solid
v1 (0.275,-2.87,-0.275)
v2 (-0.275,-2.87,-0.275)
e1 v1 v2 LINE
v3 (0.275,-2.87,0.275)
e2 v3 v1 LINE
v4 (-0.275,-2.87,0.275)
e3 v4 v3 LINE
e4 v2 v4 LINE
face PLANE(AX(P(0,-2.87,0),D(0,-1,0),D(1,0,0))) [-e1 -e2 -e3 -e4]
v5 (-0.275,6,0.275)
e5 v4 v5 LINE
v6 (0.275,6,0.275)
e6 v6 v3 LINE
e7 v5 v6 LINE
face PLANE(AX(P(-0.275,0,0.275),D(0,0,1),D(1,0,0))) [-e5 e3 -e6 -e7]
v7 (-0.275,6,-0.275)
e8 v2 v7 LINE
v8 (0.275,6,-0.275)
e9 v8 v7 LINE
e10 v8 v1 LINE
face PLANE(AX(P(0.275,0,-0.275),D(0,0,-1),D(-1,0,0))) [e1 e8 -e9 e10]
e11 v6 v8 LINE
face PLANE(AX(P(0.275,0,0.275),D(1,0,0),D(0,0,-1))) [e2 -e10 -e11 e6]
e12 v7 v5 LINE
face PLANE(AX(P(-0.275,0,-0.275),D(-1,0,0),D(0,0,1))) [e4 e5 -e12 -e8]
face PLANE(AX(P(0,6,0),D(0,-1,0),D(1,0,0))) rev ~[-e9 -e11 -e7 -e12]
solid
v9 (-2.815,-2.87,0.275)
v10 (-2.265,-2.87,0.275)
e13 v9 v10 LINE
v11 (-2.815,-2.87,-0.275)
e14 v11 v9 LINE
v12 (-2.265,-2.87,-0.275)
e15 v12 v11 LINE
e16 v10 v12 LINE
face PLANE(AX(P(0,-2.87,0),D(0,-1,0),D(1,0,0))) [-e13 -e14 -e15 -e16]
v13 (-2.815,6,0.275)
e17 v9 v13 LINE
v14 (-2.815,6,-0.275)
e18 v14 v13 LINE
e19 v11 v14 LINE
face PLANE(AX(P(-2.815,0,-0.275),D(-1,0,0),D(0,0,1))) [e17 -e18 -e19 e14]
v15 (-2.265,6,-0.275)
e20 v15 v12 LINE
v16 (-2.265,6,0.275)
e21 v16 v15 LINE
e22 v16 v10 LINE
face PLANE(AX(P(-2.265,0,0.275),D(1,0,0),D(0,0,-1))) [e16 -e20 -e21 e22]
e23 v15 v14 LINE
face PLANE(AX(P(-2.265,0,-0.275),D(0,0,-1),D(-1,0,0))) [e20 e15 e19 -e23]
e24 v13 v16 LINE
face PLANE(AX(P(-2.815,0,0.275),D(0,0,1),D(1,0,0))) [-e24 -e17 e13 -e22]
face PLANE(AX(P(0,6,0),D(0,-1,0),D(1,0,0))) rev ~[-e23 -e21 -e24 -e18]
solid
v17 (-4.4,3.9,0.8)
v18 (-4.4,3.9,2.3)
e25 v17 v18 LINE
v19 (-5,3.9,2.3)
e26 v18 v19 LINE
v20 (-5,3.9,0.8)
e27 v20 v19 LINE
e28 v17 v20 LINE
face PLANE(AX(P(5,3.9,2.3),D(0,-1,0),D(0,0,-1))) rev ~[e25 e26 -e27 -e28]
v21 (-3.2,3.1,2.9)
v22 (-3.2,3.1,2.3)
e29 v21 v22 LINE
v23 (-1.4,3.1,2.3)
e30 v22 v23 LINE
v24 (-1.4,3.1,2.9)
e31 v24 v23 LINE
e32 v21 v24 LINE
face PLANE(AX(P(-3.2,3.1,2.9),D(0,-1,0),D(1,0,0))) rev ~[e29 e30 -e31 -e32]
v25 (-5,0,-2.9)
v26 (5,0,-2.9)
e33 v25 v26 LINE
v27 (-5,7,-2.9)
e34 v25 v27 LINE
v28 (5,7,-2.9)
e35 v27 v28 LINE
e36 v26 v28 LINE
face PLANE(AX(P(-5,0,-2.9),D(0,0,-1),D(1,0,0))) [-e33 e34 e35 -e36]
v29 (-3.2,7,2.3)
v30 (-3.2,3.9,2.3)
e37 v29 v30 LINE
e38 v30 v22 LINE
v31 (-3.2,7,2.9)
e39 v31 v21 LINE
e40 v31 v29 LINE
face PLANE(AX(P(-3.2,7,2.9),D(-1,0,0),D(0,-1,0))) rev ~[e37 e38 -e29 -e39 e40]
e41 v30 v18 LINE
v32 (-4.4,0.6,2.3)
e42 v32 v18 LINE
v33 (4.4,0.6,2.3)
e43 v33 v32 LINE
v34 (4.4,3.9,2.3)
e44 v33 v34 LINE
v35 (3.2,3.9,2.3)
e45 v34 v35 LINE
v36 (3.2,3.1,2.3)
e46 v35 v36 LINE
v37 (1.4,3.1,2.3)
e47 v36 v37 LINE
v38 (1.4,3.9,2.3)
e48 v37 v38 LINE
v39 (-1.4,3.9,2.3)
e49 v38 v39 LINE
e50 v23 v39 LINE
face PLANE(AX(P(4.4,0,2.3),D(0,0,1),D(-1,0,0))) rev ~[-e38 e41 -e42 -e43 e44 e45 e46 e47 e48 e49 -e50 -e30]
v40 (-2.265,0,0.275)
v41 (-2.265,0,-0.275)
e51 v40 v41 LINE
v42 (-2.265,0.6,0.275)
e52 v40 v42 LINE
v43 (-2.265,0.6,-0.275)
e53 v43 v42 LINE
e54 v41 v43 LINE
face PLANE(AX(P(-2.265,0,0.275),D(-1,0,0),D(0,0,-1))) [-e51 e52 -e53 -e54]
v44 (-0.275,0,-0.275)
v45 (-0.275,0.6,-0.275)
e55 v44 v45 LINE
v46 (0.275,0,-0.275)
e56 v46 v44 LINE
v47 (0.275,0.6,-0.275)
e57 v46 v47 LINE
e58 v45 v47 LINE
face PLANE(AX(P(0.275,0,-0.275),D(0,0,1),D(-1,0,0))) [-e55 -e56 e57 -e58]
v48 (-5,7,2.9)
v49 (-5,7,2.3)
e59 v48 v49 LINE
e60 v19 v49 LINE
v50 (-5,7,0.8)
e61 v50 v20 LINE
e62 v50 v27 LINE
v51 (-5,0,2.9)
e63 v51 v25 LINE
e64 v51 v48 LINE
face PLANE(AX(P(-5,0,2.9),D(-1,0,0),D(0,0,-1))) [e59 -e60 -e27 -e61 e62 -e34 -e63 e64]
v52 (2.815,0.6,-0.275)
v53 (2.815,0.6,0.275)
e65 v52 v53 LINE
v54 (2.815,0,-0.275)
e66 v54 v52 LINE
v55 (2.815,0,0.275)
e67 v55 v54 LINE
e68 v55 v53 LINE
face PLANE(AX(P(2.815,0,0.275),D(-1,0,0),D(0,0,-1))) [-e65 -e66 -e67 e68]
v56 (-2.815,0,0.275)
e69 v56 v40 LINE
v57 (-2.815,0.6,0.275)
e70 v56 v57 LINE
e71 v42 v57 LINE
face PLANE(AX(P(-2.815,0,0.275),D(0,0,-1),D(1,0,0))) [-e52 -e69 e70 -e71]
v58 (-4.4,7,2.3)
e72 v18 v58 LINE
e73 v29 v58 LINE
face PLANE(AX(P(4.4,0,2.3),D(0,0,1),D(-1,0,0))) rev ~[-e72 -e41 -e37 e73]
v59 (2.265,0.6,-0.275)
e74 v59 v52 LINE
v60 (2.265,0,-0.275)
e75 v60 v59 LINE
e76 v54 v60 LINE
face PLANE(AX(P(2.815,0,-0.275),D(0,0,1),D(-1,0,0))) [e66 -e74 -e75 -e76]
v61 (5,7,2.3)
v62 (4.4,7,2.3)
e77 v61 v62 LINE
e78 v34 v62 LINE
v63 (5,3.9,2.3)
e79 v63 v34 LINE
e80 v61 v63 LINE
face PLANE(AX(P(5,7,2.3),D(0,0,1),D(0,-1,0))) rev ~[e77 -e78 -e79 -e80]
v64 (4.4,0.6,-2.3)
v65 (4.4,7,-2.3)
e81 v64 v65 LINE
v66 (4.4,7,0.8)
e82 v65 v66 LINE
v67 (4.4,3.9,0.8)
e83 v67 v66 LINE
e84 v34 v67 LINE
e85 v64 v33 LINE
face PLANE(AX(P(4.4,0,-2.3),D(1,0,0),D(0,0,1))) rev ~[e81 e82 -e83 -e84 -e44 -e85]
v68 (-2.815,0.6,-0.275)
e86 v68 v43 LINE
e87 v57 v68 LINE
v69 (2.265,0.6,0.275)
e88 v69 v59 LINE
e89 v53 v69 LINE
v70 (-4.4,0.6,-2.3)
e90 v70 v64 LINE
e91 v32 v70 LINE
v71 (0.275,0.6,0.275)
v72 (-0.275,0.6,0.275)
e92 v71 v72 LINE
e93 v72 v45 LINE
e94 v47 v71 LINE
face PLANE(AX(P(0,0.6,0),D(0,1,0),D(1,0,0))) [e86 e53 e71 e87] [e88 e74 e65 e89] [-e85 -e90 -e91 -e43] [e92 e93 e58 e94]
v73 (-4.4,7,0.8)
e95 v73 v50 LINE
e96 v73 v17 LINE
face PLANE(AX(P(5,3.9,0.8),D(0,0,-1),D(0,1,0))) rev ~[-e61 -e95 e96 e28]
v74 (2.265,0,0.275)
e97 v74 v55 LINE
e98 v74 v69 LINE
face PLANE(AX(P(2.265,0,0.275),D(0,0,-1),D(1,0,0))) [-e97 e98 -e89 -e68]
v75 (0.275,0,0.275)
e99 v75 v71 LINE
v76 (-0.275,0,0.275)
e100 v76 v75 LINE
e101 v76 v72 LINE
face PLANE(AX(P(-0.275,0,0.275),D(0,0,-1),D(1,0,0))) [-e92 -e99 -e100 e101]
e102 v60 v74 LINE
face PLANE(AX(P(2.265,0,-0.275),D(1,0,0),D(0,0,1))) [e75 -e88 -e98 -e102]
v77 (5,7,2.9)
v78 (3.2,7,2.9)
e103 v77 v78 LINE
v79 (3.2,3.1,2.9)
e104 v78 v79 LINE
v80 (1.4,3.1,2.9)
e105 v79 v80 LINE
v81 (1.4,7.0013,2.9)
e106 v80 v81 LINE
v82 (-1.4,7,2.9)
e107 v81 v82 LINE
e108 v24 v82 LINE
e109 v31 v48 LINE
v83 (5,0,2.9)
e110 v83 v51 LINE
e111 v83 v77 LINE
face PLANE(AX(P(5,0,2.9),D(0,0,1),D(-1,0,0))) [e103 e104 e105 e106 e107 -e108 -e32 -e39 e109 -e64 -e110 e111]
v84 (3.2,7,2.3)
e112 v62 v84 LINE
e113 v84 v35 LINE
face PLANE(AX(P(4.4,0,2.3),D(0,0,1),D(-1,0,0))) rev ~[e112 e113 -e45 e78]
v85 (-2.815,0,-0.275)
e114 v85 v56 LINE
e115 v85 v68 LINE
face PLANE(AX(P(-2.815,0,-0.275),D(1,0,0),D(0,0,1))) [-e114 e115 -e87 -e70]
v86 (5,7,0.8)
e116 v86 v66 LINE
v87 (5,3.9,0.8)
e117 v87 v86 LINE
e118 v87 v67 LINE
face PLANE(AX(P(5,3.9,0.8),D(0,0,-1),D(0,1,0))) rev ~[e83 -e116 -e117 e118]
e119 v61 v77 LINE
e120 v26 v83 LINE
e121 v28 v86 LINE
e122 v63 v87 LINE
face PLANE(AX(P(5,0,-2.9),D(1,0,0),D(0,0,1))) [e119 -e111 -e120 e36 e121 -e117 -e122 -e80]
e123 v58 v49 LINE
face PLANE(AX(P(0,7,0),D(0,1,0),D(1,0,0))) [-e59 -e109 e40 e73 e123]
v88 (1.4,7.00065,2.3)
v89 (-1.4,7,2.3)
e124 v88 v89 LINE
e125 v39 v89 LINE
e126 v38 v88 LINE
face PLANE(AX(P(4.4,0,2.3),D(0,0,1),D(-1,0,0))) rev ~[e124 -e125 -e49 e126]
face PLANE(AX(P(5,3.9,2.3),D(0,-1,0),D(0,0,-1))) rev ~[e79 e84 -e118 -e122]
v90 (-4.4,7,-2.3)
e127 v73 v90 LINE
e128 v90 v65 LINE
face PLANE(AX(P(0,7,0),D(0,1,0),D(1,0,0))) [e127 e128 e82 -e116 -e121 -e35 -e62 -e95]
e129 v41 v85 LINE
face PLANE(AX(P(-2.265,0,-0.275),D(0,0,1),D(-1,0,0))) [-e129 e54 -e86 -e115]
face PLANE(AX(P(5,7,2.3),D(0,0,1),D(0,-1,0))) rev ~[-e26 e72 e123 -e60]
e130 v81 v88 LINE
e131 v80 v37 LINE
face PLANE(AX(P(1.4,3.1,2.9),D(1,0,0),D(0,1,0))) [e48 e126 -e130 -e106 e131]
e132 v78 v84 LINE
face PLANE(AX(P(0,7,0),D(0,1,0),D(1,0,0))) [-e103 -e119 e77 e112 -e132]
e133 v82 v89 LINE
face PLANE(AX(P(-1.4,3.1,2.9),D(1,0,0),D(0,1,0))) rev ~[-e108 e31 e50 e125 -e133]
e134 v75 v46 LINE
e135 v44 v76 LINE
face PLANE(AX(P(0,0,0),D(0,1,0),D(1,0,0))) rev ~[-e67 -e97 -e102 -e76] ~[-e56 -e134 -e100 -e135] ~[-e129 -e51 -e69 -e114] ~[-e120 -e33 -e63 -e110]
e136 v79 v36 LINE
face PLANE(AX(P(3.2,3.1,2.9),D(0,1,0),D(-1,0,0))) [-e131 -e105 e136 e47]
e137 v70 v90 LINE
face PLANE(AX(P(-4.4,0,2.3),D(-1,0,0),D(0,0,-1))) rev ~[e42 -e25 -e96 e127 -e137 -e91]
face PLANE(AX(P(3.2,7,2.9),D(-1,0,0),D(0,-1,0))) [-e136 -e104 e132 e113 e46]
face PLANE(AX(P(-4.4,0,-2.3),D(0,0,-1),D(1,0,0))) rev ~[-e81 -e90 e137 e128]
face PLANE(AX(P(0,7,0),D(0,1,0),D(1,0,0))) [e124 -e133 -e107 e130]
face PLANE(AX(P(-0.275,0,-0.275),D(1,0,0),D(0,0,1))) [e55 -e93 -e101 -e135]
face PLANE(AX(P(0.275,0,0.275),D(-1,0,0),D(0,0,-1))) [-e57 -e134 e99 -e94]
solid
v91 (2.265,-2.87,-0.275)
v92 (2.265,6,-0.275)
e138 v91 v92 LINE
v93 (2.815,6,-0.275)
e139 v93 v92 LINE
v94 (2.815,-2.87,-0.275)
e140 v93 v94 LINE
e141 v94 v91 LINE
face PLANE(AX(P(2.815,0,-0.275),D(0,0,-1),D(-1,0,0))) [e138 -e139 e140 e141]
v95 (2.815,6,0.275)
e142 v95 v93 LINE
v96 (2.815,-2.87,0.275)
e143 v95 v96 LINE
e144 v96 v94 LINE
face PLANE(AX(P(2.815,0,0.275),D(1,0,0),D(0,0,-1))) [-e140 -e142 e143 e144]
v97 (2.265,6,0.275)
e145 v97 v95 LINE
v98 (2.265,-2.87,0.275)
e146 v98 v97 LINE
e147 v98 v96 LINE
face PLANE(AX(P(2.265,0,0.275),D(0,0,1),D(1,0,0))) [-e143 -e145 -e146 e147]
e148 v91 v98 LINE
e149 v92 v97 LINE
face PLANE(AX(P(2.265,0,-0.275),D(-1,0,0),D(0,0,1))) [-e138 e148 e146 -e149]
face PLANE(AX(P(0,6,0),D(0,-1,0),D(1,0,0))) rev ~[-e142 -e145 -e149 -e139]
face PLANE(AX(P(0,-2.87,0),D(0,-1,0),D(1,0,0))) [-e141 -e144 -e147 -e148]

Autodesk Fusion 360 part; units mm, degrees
sketch "Sketch1" plane through (0, 0, 0) normal (0, 1, 0) x (1, 0, 0)
  line L0 (5, -2.9) -> (-5, -2.9)
  line L1 (-5, -2.9) -> (-5, 2.9)
  line L2 (-5, 2.9) -> (5, 2.9)
  line L3 (5, 2.9) -> (5, -2.9)
  line L4 (5, -2.9) -> (-5, 2.9) construction
  line L5 (-5, -2.9) -> (5, 2.9) construction
  line L6 (4.4, -2.3) -> (-4.4, -2.3)
  line L7 (-4.4, -2.3) -> (-4.4, 2.3)
  line L8 (-4.4, 2.3) -> (4.4, 2.3)
  line L9 (4.4, 2.3) -> (4.4, -2.3)
  dimension "d1" = 10
  dimension "d2" = 5.8
  dimension "d3" = 0.6
extrude "Extrude1" add sketch "Sketch1" along normal blind 0.6 contours L6 L7 L8 L9 makes body 1
extrude "Extrude2" add sketch "Sketch1" along normal blind 7 bodies 1
sketch "Sketch2" plane through (0, 0, 2.9) normal (0, 0, 1) x (1, 0, 0)
  line L0 (-5, 0) -> (5, 0)
  line L1 (5, 0) -> (5, 7)
  line L2 (5, 7) -> (-5, 7)
  line L3 (-5, 7) -> (-5, 0)
  line L4 (5, 7) -> (3.2, 7) construction
  line L5 (-5, 7) -> (-3.2, 7) construction
  line L6 (-3.2, 7) -> (-3.2, 3.1)
  line L7 (-3.2, 3.1) -> (-1.4, 3.1)
  line L8 (-1.4, 3.1) -> (-1.4, 7)
  line L9 (-1.4, 3.1) -> (5, 3.1) construction
  line L10 (3.2, 7) -> (3.2, 3.1)
  line L11 (3.2, 3.1) -> (1.4, 3.1)
  line L12 (1.4, 3.1) -> (1.4, 7.0013)
  dimension "d8" = 1.8
  dimension "d9" = 1.8
  dimension "d10" = 3.9
  dimension "d11" = 1.8
  dimension "d12" = 90
  dimension "d13" = 1.8
  dimension "d14" = 90
extrude "Extrude3" cut sketch "Sketch2" against normal blind 1 contours L2 L6 L7 L8 | L2 L10 L11 L12 bodies 1
sketch "Sketch3" plane through (5, 0, 0) normal (1, 0, 0) x (0, 0, -1)
  line L0 (-2.9, 0) -> (2.9, 0)
  line L1 (2.9, 0) -> (2.9, 7)
  line L2 (2.9, 7) -> (-2.9, 7)
  line L3 (-2.9, 7) -> (-2.9, 0)
  line L4 (-2.3, 7) -> (-2.3, 3.9)
  line L5 (-2.3, 3.9) -> (-0.8, 3.9)
  line L6 (-0.8, 3.9) -> (-0.8, 7)
  point P0 (-2.3, 7)
  dimension "d17" = 3.1
  dimension "d18" = 1.5
  dimension "d19" = 90
extrude "Extrude4" cut sketch "Sketch3" against normal blind 13.5 contours L2 L4 L5 L6 bodies 1
sketch "Sketch4" plane through (0, 0, 0) normal (0, -1, 0) x (1, 0, 0)
  line L0 (-5, -2.9) -> (5, -2.9)
  line L1 (5, -2.9) -> (5, 2.9)
  line L2 (5, 2.9) -> (-5, 2.9)
  line L3 (-5, 2.9) -> (-5, -2.9)
  line L4 (0.275, -0.275) -> (-0.275, -0.275)
  line L5 (-0.275, -0.275) -> (-0.275, 0.275)
  line L6 (-0.275, 0.275) -> (0.275, 0.275)
  line L7 (0.275, 0.275) -> (0.275, -0.275)
  line L8 (0.275, -0.275) -> (-0.275, 0.275) construction
  line L9 (-0.275, -0.275) -> (0.275, 0.275) construction
  line L10 (0, 0) -> (2.54, 0) construction
  line L11 (0, 0) -> (-2.54, 0) construction
  line L12 (-2.265, -0.275) -> (-2.815, -0.275)
  line L13 (-2.815, -0.275) -> (-2.815, 0.275)
  line L14 (-2.815, 0.275) -> (-2.265, 0.275)
  line L15 (-2.265, 0.275) -> (-2.265, -0.275)
  line L16 (-2.265, -0.275) -> (-2.815, 0.275) construction
  line L17 (-2.815, -0.275) -> (-2.265, 0.275) construction
  line L18 (2.815, -0.275) -> (2.265, -0.275)
  line L19 (2.265, -0.275) -> (2.265, 0.275)
  line L20 (2.265, 0.275) -> (2.815, 0.275)
  line L21 (2.815, 0.275) -> (2.815, -0.275)
  line L22 (2.815, -0.275) -> (2.265, 0.275) construction
  line L23 (2.265, -0.275) -> (2.815, 0.275) construction
  point P0 (-2.54, 0)
  point P1 (2.54, 0)
  dimension "d22" = 0.55
  dimension "d23" = 0.55
  dimension "d24" = 2.54
  dimension "d25" = 2.54
  dimension "d26" = 0.55
  dimension "d27" = 0.55
  dimension "d28" = 0.55
  dimension "d29" = 0.55
extrude "Extrude5" cut sketch "Sketch4" against normal blind 1 contours L4 L5 L6 L7 | L12 L13 L14 L15 | L18 L19 L20 L21 bodies 1
extrude "Extrude6" add sketch "Sketch4" along normal blind 2.87 and the other way blind 6 separate body contours L4 L5 L6 L7 | L12 L13 L14 L15 | L18 L19 L20 L21 makes body 2 at (2.815, 0.0867, -0.0917) makes body 3 at (-0.0917, 0.0867, -0.275) makes body 4 at (-2.265, 0.0867, -0.0917)
